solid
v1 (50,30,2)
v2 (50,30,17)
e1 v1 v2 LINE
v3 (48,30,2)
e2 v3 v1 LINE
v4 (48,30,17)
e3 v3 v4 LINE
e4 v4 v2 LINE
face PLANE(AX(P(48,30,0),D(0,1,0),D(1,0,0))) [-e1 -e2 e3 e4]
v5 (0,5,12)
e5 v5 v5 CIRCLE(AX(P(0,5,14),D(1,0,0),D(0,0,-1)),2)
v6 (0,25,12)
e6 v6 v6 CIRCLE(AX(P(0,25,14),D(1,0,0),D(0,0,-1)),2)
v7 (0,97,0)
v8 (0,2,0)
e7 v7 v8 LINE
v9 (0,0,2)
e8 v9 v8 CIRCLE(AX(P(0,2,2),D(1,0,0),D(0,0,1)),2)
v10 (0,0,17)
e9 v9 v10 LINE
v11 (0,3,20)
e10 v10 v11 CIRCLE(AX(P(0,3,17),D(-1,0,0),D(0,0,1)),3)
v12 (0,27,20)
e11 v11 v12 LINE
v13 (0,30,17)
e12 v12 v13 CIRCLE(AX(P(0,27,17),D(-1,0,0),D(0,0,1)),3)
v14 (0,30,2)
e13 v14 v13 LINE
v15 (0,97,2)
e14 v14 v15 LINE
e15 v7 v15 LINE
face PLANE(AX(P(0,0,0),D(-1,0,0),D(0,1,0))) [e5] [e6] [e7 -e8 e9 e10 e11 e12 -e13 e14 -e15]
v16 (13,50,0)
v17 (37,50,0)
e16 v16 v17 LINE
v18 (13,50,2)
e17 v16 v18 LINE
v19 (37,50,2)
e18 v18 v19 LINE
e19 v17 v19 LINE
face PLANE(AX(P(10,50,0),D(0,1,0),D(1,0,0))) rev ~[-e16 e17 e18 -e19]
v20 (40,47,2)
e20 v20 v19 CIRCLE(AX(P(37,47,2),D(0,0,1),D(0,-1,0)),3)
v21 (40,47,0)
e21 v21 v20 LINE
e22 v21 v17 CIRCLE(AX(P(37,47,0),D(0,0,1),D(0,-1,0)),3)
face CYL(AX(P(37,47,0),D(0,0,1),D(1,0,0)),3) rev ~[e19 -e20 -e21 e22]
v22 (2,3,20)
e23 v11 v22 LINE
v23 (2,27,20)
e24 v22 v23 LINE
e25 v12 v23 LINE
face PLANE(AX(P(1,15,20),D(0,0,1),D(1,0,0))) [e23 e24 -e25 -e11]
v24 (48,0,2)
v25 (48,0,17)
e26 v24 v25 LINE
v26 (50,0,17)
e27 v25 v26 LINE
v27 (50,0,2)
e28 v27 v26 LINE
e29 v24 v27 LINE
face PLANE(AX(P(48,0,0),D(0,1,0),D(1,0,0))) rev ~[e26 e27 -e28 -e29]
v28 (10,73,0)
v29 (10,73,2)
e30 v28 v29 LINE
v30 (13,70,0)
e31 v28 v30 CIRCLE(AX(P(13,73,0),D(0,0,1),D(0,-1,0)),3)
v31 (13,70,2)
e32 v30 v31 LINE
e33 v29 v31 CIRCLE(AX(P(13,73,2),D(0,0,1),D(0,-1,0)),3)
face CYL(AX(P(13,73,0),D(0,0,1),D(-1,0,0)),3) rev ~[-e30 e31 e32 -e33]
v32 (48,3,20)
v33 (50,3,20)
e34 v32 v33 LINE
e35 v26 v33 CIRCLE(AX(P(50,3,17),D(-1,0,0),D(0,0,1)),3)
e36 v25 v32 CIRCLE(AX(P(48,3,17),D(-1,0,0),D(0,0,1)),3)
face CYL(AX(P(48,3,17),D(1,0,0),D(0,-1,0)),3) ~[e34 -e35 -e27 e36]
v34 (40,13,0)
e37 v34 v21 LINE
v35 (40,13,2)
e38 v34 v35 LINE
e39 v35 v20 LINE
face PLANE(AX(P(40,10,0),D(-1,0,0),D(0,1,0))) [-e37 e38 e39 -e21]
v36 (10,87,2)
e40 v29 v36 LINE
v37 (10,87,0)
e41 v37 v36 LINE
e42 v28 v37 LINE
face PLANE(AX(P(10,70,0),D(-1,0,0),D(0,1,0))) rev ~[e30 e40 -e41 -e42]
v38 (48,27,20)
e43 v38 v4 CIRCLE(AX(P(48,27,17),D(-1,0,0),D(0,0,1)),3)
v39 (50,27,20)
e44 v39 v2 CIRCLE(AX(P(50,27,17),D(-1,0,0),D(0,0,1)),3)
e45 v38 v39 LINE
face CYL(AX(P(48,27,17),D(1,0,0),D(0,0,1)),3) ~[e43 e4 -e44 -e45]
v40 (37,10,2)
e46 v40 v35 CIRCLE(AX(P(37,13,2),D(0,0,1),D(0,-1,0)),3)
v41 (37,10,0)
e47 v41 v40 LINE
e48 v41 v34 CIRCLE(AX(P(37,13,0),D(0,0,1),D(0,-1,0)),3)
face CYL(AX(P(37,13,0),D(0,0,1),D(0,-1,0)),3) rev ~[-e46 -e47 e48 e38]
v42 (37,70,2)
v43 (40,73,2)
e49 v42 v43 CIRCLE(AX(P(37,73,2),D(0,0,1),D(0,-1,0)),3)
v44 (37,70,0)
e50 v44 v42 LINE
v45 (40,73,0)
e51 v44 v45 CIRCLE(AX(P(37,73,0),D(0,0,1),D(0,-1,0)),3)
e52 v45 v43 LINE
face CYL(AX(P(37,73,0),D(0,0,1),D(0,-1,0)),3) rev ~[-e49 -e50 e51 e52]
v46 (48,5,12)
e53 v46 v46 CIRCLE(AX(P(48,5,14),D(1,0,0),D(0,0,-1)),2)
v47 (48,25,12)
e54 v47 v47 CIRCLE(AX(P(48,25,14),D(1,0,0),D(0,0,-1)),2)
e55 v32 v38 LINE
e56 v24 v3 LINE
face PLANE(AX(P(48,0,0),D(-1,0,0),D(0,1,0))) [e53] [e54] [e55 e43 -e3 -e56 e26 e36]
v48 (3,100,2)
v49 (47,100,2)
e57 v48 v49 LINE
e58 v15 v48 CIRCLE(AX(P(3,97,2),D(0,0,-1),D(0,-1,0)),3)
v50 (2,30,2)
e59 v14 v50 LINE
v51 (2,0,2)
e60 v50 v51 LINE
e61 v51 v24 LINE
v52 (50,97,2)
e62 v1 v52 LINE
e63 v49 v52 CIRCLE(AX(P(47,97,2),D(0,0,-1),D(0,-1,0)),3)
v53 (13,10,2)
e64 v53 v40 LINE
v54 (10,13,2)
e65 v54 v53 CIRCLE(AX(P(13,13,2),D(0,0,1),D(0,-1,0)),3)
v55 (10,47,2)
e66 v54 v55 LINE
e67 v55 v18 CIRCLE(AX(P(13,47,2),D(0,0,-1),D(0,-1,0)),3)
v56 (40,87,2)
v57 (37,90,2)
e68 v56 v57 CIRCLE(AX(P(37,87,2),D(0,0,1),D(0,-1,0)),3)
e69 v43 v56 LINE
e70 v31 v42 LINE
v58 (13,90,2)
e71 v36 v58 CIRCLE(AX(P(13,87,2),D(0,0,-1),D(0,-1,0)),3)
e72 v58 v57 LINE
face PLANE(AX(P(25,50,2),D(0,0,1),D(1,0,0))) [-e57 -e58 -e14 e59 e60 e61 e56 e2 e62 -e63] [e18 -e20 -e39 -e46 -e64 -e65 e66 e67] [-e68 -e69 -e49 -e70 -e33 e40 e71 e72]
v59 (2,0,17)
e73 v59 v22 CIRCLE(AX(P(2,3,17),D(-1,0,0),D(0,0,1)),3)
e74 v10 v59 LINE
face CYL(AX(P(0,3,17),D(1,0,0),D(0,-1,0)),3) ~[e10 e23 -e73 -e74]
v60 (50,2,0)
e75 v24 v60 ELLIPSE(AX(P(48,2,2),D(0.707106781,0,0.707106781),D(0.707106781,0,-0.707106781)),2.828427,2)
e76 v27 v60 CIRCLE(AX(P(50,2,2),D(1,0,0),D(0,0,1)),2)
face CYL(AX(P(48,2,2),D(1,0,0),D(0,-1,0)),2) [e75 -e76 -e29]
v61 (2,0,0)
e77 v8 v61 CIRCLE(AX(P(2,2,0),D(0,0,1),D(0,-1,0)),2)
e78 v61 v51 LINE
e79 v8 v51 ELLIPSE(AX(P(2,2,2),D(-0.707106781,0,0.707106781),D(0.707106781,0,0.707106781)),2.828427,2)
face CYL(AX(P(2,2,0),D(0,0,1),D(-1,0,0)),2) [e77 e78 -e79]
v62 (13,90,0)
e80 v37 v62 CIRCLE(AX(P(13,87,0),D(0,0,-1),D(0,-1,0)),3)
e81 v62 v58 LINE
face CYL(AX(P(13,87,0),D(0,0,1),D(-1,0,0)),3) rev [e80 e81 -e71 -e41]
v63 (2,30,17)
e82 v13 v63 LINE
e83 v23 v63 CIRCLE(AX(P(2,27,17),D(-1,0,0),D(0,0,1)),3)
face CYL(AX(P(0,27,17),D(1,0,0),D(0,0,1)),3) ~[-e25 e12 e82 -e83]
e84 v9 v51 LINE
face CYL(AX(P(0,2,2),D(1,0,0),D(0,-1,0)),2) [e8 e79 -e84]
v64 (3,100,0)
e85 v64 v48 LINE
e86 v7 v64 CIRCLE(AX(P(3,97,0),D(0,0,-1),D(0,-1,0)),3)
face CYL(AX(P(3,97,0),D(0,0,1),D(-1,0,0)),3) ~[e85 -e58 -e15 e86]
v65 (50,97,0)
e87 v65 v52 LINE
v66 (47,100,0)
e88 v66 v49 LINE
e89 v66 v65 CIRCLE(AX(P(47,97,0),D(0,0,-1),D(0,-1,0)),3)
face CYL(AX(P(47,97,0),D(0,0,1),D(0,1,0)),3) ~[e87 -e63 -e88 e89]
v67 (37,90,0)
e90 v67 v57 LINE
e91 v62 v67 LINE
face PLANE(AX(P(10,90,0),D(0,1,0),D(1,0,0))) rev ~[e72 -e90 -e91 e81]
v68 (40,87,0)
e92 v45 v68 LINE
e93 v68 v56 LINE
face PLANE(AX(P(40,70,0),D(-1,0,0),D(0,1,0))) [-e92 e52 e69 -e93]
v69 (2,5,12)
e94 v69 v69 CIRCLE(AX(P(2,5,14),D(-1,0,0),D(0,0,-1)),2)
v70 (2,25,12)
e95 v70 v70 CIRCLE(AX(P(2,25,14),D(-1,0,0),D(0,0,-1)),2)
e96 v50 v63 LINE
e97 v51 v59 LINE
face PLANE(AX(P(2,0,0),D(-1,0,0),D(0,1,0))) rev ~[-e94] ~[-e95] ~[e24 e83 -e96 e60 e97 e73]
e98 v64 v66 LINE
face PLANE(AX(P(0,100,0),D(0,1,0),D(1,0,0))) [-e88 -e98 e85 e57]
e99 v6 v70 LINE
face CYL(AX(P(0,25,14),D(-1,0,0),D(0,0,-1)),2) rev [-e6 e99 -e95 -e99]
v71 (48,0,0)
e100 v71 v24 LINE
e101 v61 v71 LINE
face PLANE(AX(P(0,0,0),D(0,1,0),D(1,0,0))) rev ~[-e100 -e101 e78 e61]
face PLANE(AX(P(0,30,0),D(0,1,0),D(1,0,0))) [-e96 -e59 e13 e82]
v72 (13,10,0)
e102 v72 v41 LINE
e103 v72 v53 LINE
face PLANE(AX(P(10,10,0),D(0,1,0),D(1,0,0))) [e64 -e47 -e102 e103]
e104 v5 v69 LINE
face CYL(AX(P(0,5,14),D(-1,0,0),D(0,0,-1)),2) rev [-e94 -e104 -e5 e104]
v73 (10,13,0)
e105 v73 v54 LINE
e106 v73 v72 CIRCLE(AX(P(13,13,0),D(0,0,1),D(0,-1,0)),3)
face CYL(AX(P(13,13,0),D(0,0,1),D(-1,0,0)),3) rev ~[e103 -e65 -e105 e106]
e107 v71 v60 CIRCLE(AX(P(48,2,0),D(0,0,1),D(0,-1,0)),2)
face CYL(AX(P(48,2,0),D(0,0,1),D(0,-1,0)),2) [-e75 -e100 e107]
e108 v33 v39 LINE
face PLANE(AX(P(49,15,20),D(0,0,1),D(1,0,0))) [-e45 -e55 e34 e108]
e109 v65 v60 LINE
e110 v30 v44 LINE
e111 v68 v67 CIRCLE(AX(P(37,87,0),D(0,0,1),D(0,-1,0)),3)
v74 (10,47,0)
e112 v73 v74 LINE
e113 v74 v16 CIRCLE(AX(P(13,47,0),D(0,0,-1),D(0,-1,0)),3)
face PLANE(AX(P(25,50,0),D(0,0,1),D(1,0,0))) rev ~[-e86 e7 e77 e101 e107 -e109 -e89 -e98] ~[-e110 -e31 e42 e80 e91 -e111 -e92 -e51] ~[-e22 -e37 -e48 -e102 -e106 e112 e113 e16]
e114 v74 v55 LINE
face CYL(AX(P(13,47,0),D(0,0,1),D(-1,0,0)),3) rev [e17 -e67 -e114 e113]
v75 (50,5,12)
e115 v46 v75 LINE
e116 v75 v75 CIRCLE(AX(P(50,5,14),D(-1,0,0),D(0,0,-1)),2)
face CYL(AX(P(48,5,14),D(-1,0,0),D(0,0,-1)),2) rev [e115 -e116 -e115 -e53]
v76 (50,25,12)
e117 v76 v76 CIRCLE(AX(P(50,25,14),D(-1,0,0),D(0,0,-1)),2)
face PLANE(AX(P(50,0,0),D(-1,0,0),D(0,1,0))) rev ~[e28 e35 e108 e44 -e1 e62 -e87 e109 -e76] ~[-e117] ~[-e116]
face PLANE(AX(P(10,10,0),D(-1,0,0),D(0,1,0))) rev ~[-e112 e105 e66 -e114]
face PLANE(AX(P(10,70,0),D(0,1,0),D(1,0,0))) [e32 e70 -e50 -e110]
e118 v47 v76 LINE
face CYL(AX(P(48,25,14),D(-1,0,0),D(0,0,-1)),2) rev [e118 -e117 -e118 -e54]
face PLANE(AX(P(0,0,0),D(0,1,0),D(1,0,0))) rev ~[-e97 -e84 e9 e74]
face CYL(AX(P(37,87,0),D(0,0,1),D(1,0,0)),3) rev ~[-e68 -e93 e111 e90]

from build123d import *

# Parameters (mm, degrees)
CYLINDER003_R     = 2
CYLINDER003_DEPTH = 10
CYLINDER002_R     = 2
CYLINDER002_DEPTH = 10
BOX007_W          = 2
BOX007_H          = 30
BOX007_DEPTH      = 20
FILLET009_R       = 2
FILLET010_R       = 3
BOX006_W          = 30
BOX006_H          = 20
BOX006_DEPTH      = 2
FILLET008_R       = 3
BOX005_W          = 30
BOX005_H          = 40
BOX005_DEPTH      = 2
FILLET007_R       = 3
BOX004_W          = 50
BOX004_H          = 100
BOX004_DEPTH      = 2
FILLET005_R       = 2
FILLET006_R       = 3
CYLINDER005_R     = 2
CYLINDER005_DEPTH = 10
CYLINDER004_R     = 2
CYLINDER004_DEPTH = 10
BOX008_W          = 2
BOX008_H          = 30
BOX008_DEPTH      = 20
FILLET011_R       = 2
FILLET012_R       = 3


with BuildPart() as cylinder003:
    # Cylinder003 → Cylinder003 (new body)
    with BuildSketch(Plane(origin=(0, 25, 14), x_dir=(0, 0, -1), z_dir=(1, 0, 0))):
        Circle(CYLINDER003_R)
    extrude(amount=CYLINDER003_DEPTH)


with BuildPart() as cylinder002:
    # Cylinder002 → Cylinder002 (new body)
    with BuildSketch(Plane(origin=(0, 5, 14), x_dir=(0, 0, -1), z_dir=(1, 0, 0))):
        Circle(CYLINDER002_R)
    extrude(amount=CYLINDER002_DEPTH)


with BuildPart() as mini_pe_a:
    # Box007 → Box007 (new body)
    with BuildSketch(Plane.XY):
        with Locations((1, 15)):
            Rectangle(BOX007_W, BOX007_H)
    extrude(amount=BOX007_DEPTH)

    # Fillet009
    fillet009_edges = [mini_pe_a.edges().sort_by_distance(p)[0] for p in [
        (1, 0, 0),
        (1, 30, 0),
    ]]
    fillet(fillet009_edges, radius=FILLET009_R)

    # Fillet010
    fillet010_edges = [mini_pe_a.edges().sort_by_distance(p)[0] for p in [
        (1, 0, 20),
        (1, 30, 20),
    ]]
    fillet(fillet010_edges, radius=FILLET010_R)

    # Cut006: cut Cylinder002
    add(cylinder002.part, mode=Mode.SUBTRACT)

    # Cut007: cut Cylinder003
    add(cylinder003.part, mode=Mode.SUBTRACT)


with BuildPart() as forat2:
    # Box006 → Box006 (new body)
    with BuildSketch(Plane.XY):
        with Locations((15, 10)):
            Rectangle(BOX006_W, BOX006_H)
    extrude(amount=BOX006_DEPTH)

    # Fillet008
    fillet008_edges = [forat2.edges().sort_by_distance(p)[0] for p in [
        (0, 0, 1),
        (0, 20, 1),
        (30, 0, 1),
        (30, 20, 1),
    ]]
    fillet(fillet008_edges, radius=FILLET008_R)


with BuildPart() as forat2_1:
    # Fillet008 placement: moved
    add(forat2.part.moved(Location((10, 70, 0))))


with BuildPart() as forat1:
    # Box005 → Box005 (new body)
    with BuildSketch(Plane.XY):
        with Locations((15, 20)):
            Rectangle(BOX005_W, BOX005_H)
    extrude(amount=BOX005_DEPTH)

    # Fillet007
    fillet007_edges = [forat1.edges().sort_by_distance(p)[0] for p in [
        (0, 0, 1),
        (0, 40, 1),
        (30, 0, 1),
        (30, 40, 1),
    ]]
    fillet(fillet007_edges, radius=FILLET007_R)


with BuildPart() as forat1_1:
    # Fillet007 placement: moved
    add(forat1.part.moved(Location((10, 10, 0))))


with BuildPart() as fusion:
    # Box004 → Box004 (new body)
    with BuildSketch(Plane.XY):
        with Locations((25, 50)):
            Rectangle(BOX004_W, BOX004_H)
    extrude(amount=BOX004_DEPTH)

    # Fillet005
    fillet005_edges = [fusion.edges().sort_by_distance(p)[0] for p in [
        (0, 0, 1),
        (50, 0, 1),
    ]]
    fillet(fillet005_edges, radius=FILLET005_R)

    # Fillet006
    fillet006_edges = [fusion.edges().sort_by_distance(p)[0] for p in [
        (0, 100, 1),
        (50, 100, 1),
    ]]
    fillet(fillet006_edges, radius=FILLET006_R)

    # Cut004: cut forat1
    add(forat1_1.part, mode=Mode.SUBTRACT)

    # Cut005: cut forat2
    add(forat2_1.part, mode=Mode.SUBTRACT)

    # Fusion: union mini_peça
    add(mini_pe_a.part)


with BuildPart() as cylinder005:
    # Cylinder005 → Cylinder005 (new body)
    with BuildSketch(Plane(origin=(0, 25, 14), x_dir=(0, 0, -1), z_dir=(1, 0, 0))):
        Circle(CYLINDER005_R)
    extrude(amount=CYLINDER005_DEPTH)


with BuildPart() as cylinder004:
    # Cylinder004 → Cylinder004 (new body)
    with BuildSketch(Plane(origin=(0, 5, 14), x_dir=(0, 0, -1), z_dir=(1, 0, 0))):
        Circle(CYLINDER004_R)
    extrude(amount=CYLINDER004_DEPTH)


with BuildPart() as pe_a:
    # Box008 → Box008 (new body)
    with BuildSketch(Plane.XY):
        with Locations((1, 15)):
            Rectangle(BOX008_W, BOX008_H)
    extrude(amount=BOX008_DEPTH)

    # Fillet011
    fillet011_edges = [pe_a.edges().sort_by_distance(p)[0] for p in [
        (1, 0, 0),
        (1, 30, 0),
    ]]
    fillet(fillet011_edges, radius=FILLET011_R)

    # Fillet012
    fillet012_edges = [pe_a.edges().sort_by_distance(p)[0] for p in [
        (1, 0, 20),
        (1, 30, 20),
    ]]
    fillet(fillet012_edges, radius=FILLET012_R)

    # Cut008: cut Cylinder004
    add(cylinder004.part, mode=Mode.SUBTRACT)

    # Cut009: cut Cylinder005
    add(cylinder005.part, mode=Mode.SUBTRACT)


with BuildPart() as pe_a_1:
    # Cut009 placement: moved
    add(pe_a.part.moved(Location((48, 0, 0))))

    # Fusion001: union Fusion
    add(fusion.part)


solid = pe_a_1.part
